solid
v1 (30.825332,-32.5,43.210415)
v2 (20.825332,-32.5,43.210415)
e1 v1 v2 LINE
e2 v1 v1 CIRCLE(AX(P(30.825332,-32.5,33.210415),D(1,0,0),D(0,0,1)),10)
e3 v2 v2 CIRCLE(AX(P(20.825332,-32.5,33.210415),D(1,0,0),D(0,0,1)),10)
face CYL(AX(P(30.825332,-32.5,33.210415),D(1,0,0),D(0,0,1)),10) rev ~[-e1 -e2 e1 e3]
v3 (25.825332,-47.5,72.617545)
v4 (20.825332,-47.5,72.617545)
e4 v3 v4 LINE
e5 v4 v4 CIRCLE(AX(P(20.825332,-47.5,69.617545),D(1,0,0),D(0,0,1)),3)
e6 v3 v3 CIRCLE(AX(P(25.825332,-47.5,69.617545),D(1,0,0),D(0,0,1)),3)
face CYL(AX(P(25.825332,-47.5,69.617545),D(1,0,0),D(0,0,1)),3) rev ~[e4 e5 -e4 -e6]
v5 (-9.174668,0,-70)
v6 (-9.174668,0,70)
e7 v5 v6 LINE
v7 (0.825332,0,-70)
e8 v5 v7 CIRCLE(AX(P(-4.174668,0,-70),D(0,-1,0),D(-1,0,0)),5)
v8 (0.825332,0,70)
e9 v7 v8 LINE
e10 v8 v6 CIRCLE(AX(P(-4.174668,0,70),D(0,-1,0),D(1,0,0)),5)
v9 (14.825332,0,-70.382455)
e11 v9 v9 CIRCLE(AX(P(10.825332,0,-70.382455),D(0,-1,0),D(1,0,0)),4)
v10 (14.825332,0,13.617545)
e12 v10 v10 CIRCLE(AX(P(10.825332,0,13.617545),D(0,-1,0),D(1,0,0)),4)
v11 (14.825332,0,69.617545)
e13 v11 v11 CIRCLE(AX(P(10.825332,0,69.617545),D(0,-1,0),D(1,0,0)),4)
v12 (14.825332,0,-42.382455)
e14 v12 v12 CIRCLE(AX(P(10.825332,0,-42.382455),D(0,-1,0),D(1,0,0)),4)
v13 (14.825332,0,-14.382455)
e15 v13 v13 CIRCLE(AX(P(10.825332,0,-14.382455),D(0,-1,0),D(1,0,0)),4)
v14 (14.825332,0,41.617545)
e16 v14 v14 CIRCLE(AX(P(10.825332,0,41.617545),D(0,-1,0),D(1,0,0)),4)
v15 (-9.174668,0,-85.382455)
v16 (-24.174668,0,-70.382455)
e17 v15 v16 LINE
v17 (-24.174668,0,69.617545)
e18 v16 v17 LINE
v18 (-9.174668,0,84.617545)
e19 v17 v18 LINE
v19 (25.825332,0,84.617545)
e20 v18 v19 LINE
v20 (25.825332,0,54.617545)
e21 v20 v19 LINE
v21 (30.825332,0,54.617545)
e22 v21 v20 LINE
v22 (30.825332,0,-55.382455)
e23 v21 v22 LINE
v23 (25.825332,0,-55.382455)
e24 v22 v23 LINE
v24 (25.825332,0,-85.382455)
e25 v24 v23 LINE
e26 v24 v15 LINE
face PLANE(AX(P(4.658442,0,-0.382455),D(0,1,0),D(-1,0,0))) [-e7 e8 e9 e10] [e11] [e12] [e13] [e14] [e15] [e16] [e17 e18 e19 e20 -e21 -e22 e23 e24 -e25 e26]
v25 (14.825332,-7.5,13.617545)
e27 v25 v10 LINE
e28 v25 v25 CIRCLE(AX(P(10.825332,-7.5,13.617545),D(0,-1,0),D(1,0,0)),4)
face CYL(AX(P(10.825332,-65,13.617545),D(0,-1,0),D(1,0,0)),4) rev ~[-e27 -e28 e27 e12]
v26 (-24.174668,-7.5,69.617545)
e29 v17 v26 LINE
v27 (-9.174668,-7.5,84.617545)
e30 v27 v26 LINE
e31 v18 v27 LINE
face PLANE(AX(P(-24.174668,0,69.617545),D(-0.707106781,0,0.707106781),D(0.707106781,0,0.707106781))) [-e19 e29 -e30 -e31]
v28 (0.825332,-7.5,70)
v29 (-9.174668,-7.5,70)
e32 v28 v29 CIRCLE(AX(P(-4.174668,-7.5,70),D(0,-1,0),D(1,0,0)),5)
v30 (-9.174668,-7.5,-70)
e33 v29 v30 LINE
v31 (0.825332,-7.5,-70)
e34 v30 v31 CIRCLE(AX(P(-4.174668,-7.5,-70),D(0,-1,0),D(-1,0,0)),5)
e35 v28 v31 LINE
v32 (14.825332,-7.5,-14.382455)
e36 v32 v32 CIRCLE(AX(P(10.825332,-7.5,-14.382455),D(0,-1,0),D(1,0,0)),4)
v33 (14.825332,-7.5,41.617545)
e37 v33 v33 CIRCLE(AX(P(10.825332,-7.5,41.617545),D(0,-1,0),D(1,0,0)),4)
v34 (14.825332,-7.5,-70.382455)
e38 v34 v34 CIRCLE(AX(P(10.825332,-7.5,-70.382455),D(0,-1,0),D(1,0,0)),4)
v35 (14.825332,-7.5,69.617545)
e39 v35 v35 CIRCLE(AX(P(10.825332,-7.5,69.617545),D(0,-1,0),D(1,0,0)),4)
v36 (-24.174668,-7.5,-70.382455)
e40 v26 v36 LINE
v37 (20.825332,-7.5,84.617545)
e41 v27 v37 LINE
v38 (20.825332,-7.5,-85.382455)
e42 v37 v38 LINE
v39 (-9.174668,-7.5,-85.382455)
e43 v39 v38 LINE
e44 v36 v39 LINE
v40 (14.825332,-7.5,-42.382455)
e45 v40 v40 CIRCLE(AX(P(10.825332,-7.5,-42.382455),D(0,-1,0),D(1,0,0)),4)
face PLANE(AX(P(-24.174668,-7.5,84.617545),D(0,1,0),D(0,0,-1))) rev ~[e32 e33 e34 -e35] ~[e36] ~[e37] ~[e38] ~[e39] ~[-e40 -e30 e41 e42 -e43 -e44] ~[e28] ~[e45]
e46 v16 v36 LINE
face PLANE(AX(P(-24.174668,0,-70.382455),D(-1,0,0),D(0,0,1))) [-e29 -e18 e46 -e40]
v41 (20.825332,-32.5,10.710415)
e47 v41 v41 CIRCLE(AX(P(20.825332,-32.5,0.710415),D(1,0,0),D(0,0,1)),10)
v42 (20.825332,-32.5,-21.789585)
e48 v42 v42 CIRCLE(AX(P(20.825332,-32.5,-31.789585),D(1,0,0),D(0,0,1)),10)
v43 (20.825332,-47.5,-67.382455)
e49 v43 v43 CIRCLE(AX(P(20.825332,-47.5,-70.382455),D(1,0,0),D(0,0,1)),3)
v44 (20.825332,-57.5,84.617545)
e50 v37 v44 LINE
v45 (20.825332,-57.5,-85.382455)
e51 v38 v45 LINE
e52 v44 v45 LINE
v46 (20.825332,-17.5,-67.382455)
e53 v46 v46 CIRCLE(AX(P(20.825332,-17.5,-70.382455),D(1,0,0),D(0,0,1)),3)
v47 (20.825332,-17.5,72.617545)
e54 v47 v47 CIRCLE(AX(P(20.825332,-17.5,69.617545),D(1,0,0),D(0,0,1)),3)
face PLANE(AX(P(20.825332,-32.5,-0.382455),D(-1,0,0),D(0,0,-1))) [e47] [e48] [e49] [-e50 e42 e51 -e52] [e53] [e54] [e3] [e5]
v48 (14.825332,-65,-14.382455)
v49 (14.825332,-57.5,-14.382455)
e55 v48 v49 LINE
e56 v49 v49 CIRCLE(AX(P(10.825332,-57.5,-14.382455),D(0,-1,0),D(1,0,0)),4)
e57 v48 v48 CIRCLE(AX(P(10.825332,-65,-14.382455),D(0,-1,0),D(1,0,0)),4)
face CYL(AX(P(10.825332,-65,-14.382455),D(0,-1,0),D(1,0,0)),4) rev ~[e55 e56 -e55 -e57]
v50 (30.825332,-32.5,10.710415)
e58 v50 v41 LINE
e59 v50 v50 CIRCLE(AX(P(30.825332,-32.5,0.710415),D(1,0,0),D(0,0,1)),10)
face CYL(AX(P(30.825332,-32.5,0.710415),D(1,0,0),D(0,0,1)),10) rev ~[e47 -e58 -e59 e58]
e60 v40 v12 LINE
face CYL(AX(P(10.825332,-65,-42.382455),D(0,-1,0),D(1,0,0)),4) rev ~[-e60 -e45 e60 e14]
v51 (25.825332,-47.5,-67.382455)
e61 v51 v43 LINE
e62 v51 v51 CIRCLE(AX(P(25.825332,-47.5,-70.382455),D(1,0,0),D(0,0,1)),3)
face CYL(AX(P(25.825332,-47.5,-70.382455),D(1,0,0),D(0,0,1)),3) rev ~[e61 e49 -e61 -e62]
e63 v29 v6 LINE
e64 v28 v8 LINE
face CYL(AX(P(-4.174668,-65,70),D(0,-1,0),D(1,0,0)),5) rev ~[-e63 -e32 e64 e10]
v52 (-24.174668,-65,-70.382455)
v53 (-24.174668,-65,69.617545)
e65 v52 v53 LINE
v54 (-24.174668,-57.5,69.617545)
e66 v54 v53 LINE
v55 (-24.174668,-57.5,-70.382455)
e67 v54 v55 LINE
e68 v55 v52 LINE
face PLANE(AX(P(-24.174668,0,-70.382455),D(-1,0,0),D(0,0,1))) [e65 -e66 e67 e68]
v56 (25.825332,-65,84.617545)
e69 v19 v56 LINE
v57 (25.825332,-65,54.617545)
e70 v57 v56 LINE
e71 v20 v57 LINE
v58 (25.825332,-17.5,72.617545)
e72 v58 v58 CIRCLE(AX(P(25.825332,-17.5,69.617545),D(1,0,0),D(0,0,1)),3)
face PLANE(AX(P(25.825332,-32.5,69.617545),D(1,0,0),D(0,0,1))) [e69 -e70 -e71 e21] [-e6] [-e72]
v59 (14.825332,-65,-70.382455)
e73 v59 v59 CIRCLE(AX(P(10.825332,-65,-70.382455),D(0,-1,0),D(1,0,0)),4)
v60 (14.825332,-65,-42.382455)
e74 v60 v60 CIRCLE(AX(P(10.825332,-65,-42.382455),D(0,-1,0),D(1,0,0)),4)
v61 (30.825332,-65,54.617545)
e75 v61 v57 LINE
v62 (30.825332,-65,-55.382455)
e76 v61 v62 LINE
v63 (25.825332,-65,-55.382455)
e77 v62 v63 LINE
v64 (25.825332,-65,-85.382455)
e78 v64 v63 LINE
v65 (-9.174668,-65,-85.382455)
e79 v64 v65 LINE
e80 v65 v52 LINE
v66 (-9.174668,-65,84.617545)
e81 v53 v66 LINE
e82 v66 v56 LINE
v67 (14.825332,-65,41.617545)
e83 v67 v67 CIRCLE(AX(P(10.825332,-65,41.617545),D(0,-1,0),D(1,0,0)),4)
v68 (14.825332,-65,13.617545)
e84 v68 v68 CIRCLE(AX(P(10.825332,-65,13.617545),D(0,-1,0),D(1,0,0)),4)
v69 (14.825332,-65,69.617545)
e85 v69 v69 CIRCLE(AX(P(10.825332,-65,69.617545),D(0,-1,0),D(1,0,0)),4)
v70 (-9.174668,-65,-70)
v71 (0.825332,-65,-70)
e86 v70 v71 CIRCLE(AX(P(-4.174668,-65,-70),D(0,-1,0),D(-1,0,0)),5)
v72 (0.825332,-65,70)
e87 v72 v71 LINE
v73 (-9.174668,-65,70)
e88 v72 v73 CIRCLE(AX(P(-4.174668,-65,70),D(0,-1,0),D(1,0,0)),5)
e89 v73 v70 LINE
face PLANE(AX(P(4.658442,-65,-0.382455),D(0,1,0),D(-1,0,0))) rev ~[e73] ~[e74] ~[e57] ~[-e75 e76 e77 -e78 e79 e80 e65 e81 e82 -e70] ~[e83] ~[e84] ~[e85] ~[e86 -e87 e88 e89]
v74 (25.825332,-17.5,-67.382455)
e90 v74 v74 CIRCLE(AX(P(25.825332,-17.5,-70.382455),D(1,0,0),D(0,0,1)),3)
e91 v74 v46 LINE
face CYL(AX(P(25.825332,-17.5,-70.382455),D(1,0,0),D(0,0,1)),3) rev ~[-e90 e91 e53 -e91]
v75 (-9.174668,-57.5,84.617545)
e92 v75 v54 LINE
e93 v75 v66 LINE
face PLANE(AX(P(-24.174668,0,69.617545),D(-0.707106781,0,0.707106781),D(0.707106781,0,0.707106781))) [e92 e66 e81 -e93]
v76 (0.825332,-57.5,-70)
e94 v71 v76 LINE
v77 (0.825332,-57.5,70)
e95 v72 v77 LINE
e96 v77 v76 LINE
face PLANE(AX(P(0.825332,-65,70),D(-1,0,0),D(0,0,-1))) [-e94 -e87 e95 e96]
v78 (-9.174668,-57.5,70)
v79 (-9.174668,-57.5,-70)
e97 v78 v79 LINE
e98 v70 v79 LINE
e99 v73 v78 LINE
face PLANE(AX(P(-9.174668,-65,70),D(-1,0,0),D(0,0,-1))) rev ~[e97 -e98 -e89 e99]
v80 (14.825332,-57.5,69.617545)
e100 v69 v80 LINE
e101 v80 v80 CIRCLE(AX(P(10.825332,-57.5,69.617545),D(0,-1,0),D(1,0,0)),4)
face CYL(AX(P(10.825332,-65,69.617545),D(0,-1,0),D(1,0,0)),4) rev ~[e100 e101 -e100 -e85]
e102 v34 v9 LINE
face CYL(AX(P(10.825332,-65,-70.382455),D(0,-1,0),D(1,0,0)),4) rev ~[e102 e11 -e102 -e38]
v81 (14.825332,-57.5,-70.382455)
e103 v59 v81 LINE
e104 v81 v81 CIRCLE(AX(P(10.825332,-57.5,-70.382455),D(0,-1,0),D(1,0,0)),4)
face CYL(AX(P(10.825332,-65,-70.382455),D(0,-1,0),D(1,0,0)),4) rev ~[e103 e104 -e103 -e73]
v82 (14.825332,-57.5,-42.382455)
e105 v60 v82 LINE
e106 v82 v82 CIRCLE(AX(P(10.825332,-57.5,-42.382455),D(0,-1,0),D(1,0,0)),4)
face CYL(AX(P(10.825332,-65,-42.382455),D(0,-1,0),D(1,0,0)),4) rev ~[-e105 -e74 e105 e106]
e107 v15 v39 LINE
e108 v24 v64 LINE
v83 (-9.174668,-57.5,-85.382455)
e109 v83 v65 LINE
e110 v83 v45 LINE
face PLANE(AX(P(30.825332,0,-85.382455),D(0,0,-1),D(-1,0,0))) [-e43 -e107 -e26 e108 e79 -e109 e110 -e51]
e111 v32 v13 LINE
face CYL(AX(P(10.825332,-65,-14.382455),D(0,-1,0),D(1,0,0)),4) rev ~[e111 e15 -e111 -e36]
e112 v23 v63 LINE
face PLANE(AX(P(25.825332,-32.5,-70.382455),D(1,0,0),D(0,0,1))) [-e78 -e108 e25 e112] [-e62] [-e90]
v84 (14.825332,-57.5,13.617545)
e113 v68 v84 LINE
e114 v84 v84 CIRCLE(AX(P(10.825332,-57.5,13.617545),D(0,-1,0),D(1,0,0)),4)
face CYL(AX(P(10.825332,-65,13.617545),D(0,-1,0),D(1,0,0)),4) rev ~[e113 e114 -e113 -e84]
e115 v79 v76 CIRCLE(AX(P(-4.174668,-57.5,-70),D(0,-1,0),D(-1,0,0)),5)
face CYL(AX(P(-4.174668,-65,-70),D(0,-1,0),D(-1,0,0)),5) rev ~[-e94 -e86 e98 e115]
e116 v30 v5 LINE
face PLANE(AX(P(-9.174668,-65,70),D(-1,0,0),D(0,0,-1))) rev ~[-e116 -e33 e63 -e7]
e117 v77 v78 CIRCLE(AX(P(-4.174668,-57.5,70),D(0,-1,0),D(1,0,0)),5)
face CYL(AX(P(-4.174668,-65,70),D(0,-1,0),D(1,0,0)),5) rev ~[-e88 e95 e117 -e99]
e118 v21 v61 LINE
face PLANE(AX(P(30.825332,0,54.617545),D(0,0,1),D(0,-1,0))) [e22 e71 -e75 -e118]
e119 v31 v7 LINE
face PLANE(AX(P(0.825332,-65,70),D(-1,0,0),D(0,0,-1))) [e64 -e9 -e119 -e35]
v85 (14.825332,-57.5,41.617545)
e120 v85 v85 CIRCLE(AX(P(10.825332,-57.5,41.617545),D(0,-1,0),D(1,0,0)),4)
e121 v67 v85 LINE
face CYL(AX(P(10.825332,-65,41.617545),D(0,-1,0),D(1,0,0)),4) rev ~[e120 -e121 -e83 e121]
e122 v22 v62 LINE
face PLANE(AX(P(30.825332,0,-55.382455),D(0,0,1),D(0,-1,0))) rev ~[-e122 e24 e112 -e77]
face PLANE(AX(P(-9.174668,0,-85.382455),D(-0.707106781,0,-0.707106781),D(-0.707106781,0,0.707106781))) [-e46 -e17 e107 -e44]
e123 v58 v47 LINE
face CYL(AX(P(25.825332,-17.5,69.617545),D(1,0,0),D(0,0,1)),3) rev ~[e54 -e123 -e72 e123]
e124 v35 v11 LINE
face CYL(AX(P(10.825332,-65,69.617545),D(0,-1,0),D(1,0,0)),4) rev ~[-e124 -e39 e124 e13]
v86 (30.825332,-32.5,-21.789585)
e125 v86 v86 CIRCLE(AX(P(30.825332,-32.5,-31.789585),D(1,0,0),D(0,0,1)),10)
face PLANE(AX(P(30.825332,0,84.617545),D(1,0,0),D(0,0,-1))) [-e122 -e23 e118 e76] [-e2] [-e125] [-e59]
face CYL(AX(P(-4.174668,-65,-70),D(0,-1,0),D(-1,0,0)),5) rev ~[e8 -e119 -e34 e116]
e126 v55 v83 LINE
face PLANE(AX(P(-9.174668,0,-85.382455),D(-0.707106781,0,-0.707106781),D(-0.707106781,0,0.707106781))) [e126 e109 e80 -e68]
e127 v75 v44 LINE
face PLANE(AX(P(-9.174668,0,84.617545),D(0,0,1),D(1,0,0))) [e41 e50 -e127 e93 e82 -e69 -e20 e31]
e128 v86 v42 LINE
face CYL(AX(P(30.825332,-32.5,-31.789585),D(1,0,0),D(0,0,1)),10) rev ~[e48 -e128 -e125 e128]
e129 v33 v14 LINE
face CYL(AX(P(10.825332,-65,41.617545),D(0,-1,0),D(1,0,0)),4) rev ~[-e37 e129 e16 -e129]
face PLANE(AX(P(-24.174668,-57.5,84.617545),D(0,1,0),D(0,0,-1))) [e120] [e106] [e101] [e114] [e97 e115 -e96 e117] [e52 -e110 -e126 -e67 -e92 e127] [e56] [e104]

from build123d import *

# Parameters (mm, degrees)
PAD_DEPTH              = 65
POCKET_DEPTH           = 65.001
SKETCH002_R            = 4
POCKET001_DEPTH        = 65.001
LINEARPATTERN_COUNT    = 6
LINEARPATTERN_PITCH    = 28
SKETCH003_W            = 170
SKETCH003_H            = 50
POCKET002_DEPTH        = 45
SKETCH004_W            = 30
SKETCH004_H            = 65
POCKET003_DEPTH        = 5
SKETCH005_R            = 3
POCKET004_DEPTH        = 50.001
SKETCH035_R            = 10
POCKET023_DEPTH        = 55.001
LINEARPATTERN001_COUNT = 3
LINEARPATTERN001_PITCH = 32.5


with BuildPart() as part:
    # Sketch → Pad (new body)
    with BuildSketch(Plane.XZ):
        Polygon((-9.174668, 84.617545), (30.825332, 84.617545), (30.825332, -85.382455), (-9.174668, -85.382455), (-24.174668, -70.382455), (-24.174668, 69.617545), align=None)
    extrude(amount=PAD_DEPTH)

    # Sketch001 (on Face8 of Pad) → Pocket (cut, through all)
    with BuildSketch(Plane.XZ.offset(65)):
        with BuildLine():
            ThreePointArc((0.825332, 70), (-4.174668, 75), (-9.174668, 70))
            Line((-9.174668, 70), (-9.174668, -70))
            ThreePointArc((-9.174668, -70), (-4.174668, -75), (0.825332, -70))
            Line((0.825332, 70), (0.825332, -70))
        make_face()
    extrude(amount=-POCKET_DEPTH, mode=Mode.SUBTRACT)

    # Sketch002 (on Face5 of Pocket) → Pocket001 (cut, through all)
    with BuildSketch(Plane.XZ.offset(65)):
        with Locations((10.825332, 69.617545)):
            Circle(SKETCH002_R)
    pocket001 = extrude(amount=-POCKET001_DEPTH, mode=Mode.SUBTRACT)

    # LinearPattern: Pocket001 ×6
    with Locations(*[(0, 0, -i * LINEARPATTERN_PITCH) for i in range(1, LINEARPATTERN_COUNT)]):
        add(pocket001, mode=Mode.SUBTRACT)

    # Sketch003 (on Face1 of LinearPattern) → Pocket002 (cut)
    with BuildSketch(Plane(origin=(-24.174668, 0, 0), x_dir=(0, 0, -1), z_dir=(-1, 0, 0))):
        with Locations((0.382455, 32.5)):
            Rectangle(SKETCH003_W, SKETCH003_H)
    extrude(amount=-POCKET002_DEPTH, mode=Mode.SUBTRACT)

    # Sketch004 (on Face8 of Pocket002) → Pocket003 (cut)
    with BuildSketch(Plane(origin=(30.825332, 0, 0), x_dir=(0, 0, 1), z_dir=(1, 0, 0))):
        with Locations((-70.382455, 32.5)):
            Rectangle(SKETCH004_W, SKETCH004_H)
        with Locations((69.617545, 32.5)):
            Rectangle(SKETCH004_W, SKETCH004_H)
    extrude(amount=-POCKET003_DEPTH, mode=Mode.SUBTRACT)

    # Sketch005 → Pocket004 (cut, through all)
    with BuildSketch(Plane(origin=(25.825332, 0, 0), x_dir=(0, 0, 1), z_dir=(1, 0, 0))):
        with Locations((-70.382455, 17.5)):
            Circle(SKETCH005_R)
        with Locations((-70.382455, 47.5)):
            Circle(SKETCH005_R)
        with Locations((69.617545, 47.5)):
            Circle(SKETCH005_R)
        with Locations((69.617545, 17.5)):
            Circle(SKETCH005_R)
    extrude(amount=-POCKET004_DEPTH, mode=Mode.SUBTRACT)

    # Sketch035 → Pocket023 (cut, through all)
    with BuildSketch(Plane(origin=(30.825332, 0, 0), x_dir=(0, 0, 1), z_dir=(1, 0, 0))):
        with Locations((-31.789585, 32.5)):
            Circle(SKETCH035_R)
    pocket023 = extrude(amount=-POCKET023_DEPTH, mode=Mode.SUBTRACT)

    # LinearPattern001: Pocket023 ×3
    with Locations(*[(0, 0, i * LINEARPATTERN001_PITCH) for i in range(1, LINEARPATTERN001_COUNT)]):
        add(pocket023, mode=Mode.SUBTRACT)


solid = part.part
